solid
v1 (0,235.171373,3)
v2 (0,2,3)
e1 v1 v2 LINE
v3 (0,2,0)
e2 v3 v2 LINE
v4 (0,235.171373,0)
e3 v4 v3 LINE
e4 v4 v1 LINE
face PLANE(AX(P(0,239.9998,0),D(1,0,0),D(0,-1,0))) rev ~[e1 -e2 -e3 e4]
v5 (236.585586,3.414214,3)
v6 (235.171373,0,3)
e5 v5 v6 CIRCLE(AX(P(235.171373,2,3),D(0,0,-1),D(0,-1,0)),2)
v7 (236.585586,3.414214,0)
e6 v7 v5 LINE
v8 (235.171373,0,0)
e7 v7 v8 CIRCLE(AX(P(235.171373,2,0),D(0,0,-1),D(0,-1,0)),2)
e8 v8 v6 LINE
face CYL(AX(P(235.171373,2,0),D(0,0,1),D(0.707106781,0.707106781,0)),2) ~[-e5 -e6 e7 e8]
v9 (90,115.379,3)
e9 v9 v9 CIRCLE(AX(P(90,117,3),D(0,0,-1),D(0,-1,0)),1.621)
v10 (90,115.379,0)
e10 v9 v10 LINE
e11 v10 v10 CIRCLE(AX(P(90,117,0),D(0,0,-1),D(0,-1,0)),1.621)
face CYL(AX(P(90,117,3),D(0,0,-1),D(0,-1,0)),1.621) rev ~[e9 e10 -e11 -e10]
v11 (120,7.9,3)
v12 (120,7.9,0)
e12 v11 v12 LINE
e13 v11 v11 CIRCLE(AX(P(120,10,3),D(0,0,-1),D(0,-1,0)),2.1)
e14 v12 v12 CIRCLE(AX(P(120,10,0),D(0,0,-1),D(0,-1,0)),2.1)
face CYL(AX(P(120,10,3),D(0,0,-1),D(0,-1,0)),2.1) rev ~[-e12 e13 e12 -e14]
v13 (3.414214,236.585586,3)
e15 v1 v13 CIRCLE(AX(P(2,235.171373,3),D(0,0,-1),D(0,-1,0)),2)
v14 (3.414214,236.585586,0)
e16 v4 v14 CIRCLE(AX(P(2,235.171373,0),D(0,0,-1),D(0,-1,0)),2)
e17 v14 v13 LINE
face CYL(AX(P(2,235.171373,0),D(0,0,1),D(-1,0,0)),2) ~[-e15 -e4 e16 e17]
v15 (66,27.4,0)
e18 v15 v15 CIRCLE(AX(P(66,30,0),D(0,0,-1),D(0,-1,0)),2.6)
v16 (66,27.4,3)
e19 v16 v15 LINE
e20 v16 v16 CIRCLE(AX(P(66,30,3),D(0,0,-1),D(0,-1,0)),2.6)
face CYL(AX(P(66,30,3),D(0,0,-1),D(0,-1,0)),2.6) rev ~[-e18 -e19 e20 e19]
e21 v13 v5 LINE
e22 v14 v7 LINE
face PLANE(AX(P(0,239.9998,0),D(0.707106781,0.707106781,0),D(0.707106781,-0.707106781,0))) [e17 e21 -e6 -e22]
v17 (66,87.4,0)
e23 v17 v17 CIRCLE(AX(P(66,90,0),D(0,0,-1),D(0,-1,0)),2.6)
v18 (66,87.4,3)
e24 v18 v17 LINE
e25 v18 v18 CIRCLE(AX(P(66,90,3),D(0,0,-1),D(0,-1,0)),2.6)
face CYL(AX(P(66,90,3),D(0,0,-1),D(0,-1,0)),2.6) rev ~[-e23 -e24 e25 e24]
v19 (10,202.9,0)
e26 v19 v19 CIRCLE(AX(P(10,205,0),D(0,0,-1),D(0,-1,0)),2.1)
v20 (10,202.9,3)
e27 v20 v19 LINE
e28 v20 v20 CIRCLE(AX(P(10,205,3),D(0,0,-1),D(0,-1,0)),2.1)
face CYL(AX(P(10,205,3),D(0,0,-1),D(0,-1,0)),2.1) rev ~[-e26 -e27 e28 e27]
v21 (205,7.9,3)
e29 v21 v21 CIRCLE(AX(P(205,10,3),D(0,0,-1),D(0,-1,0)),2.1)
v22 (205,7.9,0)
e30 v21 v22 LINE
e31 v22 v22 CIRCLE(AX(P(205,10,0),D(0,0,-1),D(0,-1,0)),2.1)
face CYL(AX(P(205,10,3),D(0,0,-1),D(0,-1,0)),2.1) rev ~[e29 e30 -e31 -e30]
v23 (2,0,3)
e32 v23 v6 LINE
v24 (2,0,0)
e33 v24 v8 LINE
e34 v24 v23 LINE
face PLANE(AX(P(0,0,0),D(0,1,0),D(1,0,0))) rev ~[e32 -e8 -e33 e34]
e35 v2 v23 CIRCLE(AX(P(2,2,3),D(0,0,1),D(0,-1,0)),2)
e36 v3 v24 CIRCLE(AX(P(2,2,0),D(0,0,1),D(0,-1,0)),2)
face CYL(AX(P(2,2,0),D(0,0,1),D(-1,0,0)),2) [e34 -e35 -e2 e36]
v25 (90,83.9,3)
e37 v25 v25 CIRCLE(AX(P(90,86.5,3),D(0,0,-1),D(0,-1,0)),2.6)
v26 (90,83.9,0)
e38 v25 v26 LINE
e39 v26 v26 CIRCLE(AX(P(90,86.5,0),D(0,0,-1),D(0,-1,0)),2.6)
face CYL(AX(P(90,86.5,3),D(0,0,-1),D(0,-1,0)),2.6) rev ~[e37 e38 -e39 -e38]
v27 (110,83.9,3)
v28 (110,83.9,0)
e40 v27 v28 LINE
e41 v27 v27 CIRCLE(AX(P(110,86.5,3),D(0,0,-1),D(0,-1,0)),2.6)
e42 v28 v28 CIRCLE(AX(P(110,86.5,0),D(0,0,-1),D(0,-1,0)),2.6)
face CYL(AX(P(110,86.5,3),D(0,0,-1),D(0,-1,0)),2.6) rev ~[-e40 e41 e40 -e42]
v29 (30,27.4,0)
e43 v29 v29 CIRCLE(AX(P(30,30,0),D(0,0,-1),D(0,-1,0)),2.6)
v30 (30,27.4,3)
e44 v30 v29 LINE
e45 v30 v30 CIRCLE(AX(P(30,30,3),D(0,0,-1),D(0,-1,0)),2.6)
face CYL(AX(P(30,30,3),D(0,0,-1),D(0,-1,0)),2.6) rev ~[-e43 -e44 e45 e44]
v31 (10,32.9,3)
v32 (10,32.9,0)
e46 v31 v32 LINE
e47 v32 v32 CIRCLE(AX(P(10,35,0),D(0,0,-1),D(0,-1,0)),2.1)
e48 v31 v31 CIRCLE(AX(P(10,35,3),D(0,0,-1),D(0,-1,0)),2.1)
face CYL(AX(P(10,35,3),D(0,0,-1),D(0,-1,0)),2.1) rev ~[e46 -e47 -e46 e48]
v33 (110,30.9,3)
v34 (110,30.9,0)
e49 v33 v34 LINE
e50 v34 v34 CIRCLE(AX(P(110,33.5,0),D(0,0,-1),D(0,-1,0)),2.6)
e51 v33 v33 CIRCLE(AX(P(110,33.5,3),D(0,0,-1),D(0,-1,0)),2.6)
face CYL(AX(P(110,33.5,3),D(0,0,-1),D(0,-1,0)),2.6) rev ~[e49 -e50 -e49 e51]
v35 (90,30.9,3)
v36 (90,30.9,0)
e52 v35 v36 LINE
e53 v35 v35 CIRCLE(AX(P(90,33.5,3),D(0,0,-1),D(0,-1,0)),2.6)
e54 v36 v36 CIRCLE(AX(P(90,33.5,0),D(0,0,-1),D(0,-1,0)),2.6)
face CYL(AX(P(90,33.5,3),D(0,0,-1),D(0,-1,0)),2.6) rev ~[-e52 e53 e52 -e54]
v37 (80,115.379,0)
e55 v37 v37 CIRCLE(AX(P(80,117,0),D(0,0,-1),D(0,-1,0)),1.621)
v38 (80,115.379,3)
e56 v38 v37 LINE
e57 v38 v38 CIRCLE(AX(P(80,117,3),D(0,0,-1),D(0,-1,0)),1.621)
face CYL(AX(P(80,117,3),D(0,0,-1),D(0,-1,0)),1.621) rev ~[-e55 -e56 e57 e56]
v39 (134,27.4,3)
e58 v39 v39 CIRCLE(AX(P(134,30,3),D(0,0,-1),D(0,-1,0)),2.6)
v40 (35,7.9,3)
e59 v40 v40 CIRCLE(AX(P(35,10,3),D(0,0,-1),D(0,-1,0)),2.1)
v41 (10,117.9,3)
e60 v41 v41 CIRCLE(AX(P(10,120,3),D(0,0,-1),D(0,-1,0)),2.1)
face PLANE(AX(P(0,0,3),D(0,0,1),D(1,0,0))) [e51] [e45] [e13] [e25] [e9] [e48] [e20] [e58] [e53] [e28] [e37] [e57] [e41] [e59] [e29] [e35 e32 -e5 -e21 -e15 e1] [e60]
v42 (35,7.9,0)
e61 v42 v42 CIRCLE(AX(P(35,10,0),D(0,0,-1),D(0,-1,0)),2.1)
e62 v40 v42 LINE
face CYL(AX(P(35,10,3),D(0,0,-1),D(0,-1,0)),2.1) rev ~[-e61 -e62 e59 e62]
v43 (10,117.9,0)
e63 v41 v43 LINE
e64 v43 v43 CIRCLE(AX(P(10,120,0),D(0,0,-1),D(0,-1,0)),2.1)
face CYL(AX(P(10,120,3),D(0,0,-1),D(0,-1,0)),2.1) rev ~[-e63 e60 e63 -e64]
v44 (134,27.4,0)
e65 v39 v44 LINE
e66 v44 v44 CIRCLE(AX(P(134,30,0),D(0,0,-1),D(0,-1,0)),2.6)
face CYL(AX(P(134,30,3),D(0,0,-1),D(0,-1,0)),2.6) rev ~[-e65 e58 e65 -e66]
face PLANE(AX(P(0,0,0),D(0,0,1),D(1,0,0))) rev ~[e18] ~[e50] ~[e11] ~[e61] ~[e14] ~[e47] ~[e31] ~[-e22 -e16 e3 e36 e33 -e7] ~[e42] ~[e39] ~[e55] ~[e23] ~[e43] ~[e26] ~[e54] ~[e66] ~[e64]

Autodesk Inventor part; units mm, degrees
ref_plane "YZ Plane" through (0, 0, 0) normal (1, 0, 0) x (0, 1, 0)
ref_plane "XZ Plane" through (0, 0, 0) normal (0, 1, 0) x (-1, 0, 0)
ref_plane "XY Plane" through (0, 0, 0) normal (0, 0, 1) x (1, 0, 0)
sketch "スケッチ1" plane through (0, 0, 0) normal (0, 0, 1) x (1, 0, 0)
  line L0 (0, 0) -> (239.9998, 0)
  line L1 (239.9998, 0) -> (239.9998, 239.9998)
  line L2 (239.9998, 239.9998) -> (0, 239.9998)
  line L3 (0, 239.9998) -> (0, 0)
  line L4 (0, 239.9998) -> (239.9998, 0)
  line L5 (-178.706, 178.706) -> (151.9787, -151.9787)
  dimension "d16" = 45
  dimension "d17" = 169.7055
extrude "プレート1" add sketch "スケッチ1" along normal blind 3 contours L3 L4 L0
sketch "スケッチ2" plane through (0, 0, 3) normal (0, 0, 1) x (1, 0, 0)
  line L0 (90, 33.5) -> (110, 33.5)
  line L1 (110, 33.5) -> (110, 86.5)
  line L2 (110, 86.5) -> (90, 86.5)
  line L3 (90, 86.5) -> (90, 33.5)
  line L4 (90, 33.5) -> (110, 86.5) construction
  line L5 (110, 33.5) -> (90, 86.5) construction
  line L6 (239.9998, 0) -> (0, 0) projected
  line L7 (0, 0) -> (0, 239.9998) projected
  line L8 (134, 30) -> (66, 30)
  line L9 (66, 30) -> (66, 90)
  line L10 (66, 90) -> (134, 90)
  line L11 (134, 90) -> (134, 30)
  line L12 (134, 30) -> (66, 90) construction
  line L13 (66, 30) -> (134, 90) construction
  point P0 (100, 60)
  dimension "d3" = 20
  dimension "d4" = 53
  dimension "d5" = 60
  dimension "d6" = 100
  dimension "d14" = 60
  dimension "d15" = 68
hole "穴1" at (90, 33.5, 3) at (110, 33.5, 3) at (90, 86.5, 3) at (110, 86.5, 3) at (66, 30, 3) at (134, 30, 3) at (66, 90, 3) direction (0, 0, -1) diameter 5.2 depth 3 tip angle 118
fillet "フィレット1" radius 2 3 edges at (0, 239.9998, 1.5) (0, 0, 1.5) (239.9998, 0, 1.5)
sketch "スケッチ3" plane through (0, 0, 3) normal (0, 0, 1) x (1, 0, 0)
  circle A0 centre (66, 90) radius 2.6 projected
  line L0 (0, 2) -> (0, 235.1714) projected
  point P0 (0, 0)
  point P1 (90, 117)
  point P2 (80, 117)
  dimension "d19" = 10
  dimension "d20" = 27
  dimension "d21" = 80
hole "穴2" at (90, 117, 3) at (80, 117, 3) direction (0, 0, -1) diameter 3.242 depth 11.8 tip angle 118 thread size "M4x0.7" class "6H" standard "ISO Metric profile"
sketch "スケッチ4" plane through (0, 0, 3) normal (0, 0, 1) x (1, 0, 0)
  circle A0 centre (90, 117) radius 1.621 projected
  circle A1 centre (80, 117) radius 1.621 projected
  arc A2 (235.1714, 0) -> (236.5856, 3.4142) centre (235.1714, 2) ccw projected
  line L0 (3.4142, 236.5856) -> (236.5856, 3.4142) projected
  arc A3 (3.4142, 236.5856) -> (0, 235.1714) centre (2, 235.1714) ccw projected
  line L1 (0, 2) -> (0, 235.1714) projected
  arc A4 (0, 2) -> (2, 0) centre (2, 2) ccw projected
  line L2 (235.1714, 0) -> (2, 0) projected
  circle A5 centre (134, 30) radius 2.6 projected
  circle A6 centre (110, 86.5) radius 2.6 projected
  circle A7 centre (110, 33.5) radius 2.6 projected
  circle A8 centre (90, 33.5) radius 2.6 projected
  circle A9 centre (90, 86.5) radius 2.6 projected
  circle A10 centre (66, 30) radius 2.6 projected
  circle A11 centre (66, 90) radius 2.6 projected
  line L3 (10, 10) -> (10, 215.8577)
  line L4 (10, 215.8577) -> (215.8577, 10)
  line L5 (215.8577, 10) -> (10, 10)
  point P0 (0, 0)
  point P1 (205, 10)
  point P2 (35, 10)
  point P3 (10, 35)
  point P4 (10, 205)
  point P5 (120, 10)
  point P6 (10, 120)
  dimension "d29" = 10
  dimension "d30" = 25
  dimension "d31" = 25
  dimension "d32" = 170
  dimension "d33" = 170
  dimension "d34" = 85
  dimension "d35" = 85
hole "穴3" at (205, 10, 3) at (35, 10, 3) at (10, 35, 3) at (10, 205, 3) at (120, 10, 3) at (10, 120, 3) direction (0, 0, -1) diameter 4.2 depth 3 tip angle 118
sketch "スケッチ6" plane through (0, 0, 3) normal (0, 0, 1) x (1, 0, 0)
  circle A0 centre (120, 10) radius 2.1 projected
  circle A1 centre (10, 35) radius 2.1 projected
  circle A2 centre (205, 10) radius 2.1 projected
  circle A3 centre (35, 10) radius 2.1 projected
  circle A4 centre (10, 205) radius 2.1 projected
  circle A5 centre (10, 120) radius 2.1 projected
  circle A6 centre (90, 117) radius 1.621 projected
  circle A7 centre (80, 117) radius 1.621 projected
  arc A8 (235.1714, 0) -> (236.5856, 3.4142) centre (235.1714, 2) ccw projected
  line L0 (3.4142, 236.5856) -> (236.5856, 3.4142) projected
  arc A9 (3.4142, 236.5856) -> (0, 235.1714) centre (2, 235.1714) ccw projected
  line L1 (0, 2) -> (0, 235.1714) projected
  arc A10 (0, 2) -> (2, 0) centre (2, 2) ccw projected
  line L2 (235.1714, 0) -> (2, 0) projected
  circle A11 centre (134, 30) radius 2.6 projected
  circle A12 centre (110, 86.5) radius 2.6 projected
  circle A13 centre (110, 33.5) radius 2.6 projected
  circle A14 centre (90, 33.5) radius 2.6 projected
  circle A15 centre (90, 86.5) radius 2.6 projected
  circle A16 centre (66, 30) radius 2.6 projected
  circle A17 centre (66, 90) radius 2.6 projected
  line L3 (20, 20) -> (20, 191.7155)
  line L4 (20, 191.7155) -> (191.7155, 20)
  line L5 (191.7155, 20) -> (20, 20)
  point P0 (0, 0)
  point P1 (30, 30)
  dimension "d46" = 20
  dimension "d47" = 10
  dimension "d48" = 10
hole "穴4" at (30, 30, 3) direction (0, 0, -1) diameter 5.2 depth 3 tip angle 118
equation "\"d12\" = Thickness"
equation "\"d41\" = Thickness"
equation "\"d54\" = Thickness"
equation "\"d2\" = Thickness"
equation "\"BendRadius\" = Thickness"
equation "\"BendReliefWidth\" = Thickness"
equation "\"BendReliefDepth\" = 0.5 * Thickness"
equation "\"CornerReliefSize\" = 4 * Thickness"
equation "\"MinimumRemnant\" = 2 * Thickness"
equation "\"TransitionRadius\" = BendRadius"
equation "\"JacobiRadiusSize\" = BendRadius"
equation "\"GapSize\" = Thickness"
equation "\"Thickness\" = 3"
properties part number "Display_CCM_Mount"
